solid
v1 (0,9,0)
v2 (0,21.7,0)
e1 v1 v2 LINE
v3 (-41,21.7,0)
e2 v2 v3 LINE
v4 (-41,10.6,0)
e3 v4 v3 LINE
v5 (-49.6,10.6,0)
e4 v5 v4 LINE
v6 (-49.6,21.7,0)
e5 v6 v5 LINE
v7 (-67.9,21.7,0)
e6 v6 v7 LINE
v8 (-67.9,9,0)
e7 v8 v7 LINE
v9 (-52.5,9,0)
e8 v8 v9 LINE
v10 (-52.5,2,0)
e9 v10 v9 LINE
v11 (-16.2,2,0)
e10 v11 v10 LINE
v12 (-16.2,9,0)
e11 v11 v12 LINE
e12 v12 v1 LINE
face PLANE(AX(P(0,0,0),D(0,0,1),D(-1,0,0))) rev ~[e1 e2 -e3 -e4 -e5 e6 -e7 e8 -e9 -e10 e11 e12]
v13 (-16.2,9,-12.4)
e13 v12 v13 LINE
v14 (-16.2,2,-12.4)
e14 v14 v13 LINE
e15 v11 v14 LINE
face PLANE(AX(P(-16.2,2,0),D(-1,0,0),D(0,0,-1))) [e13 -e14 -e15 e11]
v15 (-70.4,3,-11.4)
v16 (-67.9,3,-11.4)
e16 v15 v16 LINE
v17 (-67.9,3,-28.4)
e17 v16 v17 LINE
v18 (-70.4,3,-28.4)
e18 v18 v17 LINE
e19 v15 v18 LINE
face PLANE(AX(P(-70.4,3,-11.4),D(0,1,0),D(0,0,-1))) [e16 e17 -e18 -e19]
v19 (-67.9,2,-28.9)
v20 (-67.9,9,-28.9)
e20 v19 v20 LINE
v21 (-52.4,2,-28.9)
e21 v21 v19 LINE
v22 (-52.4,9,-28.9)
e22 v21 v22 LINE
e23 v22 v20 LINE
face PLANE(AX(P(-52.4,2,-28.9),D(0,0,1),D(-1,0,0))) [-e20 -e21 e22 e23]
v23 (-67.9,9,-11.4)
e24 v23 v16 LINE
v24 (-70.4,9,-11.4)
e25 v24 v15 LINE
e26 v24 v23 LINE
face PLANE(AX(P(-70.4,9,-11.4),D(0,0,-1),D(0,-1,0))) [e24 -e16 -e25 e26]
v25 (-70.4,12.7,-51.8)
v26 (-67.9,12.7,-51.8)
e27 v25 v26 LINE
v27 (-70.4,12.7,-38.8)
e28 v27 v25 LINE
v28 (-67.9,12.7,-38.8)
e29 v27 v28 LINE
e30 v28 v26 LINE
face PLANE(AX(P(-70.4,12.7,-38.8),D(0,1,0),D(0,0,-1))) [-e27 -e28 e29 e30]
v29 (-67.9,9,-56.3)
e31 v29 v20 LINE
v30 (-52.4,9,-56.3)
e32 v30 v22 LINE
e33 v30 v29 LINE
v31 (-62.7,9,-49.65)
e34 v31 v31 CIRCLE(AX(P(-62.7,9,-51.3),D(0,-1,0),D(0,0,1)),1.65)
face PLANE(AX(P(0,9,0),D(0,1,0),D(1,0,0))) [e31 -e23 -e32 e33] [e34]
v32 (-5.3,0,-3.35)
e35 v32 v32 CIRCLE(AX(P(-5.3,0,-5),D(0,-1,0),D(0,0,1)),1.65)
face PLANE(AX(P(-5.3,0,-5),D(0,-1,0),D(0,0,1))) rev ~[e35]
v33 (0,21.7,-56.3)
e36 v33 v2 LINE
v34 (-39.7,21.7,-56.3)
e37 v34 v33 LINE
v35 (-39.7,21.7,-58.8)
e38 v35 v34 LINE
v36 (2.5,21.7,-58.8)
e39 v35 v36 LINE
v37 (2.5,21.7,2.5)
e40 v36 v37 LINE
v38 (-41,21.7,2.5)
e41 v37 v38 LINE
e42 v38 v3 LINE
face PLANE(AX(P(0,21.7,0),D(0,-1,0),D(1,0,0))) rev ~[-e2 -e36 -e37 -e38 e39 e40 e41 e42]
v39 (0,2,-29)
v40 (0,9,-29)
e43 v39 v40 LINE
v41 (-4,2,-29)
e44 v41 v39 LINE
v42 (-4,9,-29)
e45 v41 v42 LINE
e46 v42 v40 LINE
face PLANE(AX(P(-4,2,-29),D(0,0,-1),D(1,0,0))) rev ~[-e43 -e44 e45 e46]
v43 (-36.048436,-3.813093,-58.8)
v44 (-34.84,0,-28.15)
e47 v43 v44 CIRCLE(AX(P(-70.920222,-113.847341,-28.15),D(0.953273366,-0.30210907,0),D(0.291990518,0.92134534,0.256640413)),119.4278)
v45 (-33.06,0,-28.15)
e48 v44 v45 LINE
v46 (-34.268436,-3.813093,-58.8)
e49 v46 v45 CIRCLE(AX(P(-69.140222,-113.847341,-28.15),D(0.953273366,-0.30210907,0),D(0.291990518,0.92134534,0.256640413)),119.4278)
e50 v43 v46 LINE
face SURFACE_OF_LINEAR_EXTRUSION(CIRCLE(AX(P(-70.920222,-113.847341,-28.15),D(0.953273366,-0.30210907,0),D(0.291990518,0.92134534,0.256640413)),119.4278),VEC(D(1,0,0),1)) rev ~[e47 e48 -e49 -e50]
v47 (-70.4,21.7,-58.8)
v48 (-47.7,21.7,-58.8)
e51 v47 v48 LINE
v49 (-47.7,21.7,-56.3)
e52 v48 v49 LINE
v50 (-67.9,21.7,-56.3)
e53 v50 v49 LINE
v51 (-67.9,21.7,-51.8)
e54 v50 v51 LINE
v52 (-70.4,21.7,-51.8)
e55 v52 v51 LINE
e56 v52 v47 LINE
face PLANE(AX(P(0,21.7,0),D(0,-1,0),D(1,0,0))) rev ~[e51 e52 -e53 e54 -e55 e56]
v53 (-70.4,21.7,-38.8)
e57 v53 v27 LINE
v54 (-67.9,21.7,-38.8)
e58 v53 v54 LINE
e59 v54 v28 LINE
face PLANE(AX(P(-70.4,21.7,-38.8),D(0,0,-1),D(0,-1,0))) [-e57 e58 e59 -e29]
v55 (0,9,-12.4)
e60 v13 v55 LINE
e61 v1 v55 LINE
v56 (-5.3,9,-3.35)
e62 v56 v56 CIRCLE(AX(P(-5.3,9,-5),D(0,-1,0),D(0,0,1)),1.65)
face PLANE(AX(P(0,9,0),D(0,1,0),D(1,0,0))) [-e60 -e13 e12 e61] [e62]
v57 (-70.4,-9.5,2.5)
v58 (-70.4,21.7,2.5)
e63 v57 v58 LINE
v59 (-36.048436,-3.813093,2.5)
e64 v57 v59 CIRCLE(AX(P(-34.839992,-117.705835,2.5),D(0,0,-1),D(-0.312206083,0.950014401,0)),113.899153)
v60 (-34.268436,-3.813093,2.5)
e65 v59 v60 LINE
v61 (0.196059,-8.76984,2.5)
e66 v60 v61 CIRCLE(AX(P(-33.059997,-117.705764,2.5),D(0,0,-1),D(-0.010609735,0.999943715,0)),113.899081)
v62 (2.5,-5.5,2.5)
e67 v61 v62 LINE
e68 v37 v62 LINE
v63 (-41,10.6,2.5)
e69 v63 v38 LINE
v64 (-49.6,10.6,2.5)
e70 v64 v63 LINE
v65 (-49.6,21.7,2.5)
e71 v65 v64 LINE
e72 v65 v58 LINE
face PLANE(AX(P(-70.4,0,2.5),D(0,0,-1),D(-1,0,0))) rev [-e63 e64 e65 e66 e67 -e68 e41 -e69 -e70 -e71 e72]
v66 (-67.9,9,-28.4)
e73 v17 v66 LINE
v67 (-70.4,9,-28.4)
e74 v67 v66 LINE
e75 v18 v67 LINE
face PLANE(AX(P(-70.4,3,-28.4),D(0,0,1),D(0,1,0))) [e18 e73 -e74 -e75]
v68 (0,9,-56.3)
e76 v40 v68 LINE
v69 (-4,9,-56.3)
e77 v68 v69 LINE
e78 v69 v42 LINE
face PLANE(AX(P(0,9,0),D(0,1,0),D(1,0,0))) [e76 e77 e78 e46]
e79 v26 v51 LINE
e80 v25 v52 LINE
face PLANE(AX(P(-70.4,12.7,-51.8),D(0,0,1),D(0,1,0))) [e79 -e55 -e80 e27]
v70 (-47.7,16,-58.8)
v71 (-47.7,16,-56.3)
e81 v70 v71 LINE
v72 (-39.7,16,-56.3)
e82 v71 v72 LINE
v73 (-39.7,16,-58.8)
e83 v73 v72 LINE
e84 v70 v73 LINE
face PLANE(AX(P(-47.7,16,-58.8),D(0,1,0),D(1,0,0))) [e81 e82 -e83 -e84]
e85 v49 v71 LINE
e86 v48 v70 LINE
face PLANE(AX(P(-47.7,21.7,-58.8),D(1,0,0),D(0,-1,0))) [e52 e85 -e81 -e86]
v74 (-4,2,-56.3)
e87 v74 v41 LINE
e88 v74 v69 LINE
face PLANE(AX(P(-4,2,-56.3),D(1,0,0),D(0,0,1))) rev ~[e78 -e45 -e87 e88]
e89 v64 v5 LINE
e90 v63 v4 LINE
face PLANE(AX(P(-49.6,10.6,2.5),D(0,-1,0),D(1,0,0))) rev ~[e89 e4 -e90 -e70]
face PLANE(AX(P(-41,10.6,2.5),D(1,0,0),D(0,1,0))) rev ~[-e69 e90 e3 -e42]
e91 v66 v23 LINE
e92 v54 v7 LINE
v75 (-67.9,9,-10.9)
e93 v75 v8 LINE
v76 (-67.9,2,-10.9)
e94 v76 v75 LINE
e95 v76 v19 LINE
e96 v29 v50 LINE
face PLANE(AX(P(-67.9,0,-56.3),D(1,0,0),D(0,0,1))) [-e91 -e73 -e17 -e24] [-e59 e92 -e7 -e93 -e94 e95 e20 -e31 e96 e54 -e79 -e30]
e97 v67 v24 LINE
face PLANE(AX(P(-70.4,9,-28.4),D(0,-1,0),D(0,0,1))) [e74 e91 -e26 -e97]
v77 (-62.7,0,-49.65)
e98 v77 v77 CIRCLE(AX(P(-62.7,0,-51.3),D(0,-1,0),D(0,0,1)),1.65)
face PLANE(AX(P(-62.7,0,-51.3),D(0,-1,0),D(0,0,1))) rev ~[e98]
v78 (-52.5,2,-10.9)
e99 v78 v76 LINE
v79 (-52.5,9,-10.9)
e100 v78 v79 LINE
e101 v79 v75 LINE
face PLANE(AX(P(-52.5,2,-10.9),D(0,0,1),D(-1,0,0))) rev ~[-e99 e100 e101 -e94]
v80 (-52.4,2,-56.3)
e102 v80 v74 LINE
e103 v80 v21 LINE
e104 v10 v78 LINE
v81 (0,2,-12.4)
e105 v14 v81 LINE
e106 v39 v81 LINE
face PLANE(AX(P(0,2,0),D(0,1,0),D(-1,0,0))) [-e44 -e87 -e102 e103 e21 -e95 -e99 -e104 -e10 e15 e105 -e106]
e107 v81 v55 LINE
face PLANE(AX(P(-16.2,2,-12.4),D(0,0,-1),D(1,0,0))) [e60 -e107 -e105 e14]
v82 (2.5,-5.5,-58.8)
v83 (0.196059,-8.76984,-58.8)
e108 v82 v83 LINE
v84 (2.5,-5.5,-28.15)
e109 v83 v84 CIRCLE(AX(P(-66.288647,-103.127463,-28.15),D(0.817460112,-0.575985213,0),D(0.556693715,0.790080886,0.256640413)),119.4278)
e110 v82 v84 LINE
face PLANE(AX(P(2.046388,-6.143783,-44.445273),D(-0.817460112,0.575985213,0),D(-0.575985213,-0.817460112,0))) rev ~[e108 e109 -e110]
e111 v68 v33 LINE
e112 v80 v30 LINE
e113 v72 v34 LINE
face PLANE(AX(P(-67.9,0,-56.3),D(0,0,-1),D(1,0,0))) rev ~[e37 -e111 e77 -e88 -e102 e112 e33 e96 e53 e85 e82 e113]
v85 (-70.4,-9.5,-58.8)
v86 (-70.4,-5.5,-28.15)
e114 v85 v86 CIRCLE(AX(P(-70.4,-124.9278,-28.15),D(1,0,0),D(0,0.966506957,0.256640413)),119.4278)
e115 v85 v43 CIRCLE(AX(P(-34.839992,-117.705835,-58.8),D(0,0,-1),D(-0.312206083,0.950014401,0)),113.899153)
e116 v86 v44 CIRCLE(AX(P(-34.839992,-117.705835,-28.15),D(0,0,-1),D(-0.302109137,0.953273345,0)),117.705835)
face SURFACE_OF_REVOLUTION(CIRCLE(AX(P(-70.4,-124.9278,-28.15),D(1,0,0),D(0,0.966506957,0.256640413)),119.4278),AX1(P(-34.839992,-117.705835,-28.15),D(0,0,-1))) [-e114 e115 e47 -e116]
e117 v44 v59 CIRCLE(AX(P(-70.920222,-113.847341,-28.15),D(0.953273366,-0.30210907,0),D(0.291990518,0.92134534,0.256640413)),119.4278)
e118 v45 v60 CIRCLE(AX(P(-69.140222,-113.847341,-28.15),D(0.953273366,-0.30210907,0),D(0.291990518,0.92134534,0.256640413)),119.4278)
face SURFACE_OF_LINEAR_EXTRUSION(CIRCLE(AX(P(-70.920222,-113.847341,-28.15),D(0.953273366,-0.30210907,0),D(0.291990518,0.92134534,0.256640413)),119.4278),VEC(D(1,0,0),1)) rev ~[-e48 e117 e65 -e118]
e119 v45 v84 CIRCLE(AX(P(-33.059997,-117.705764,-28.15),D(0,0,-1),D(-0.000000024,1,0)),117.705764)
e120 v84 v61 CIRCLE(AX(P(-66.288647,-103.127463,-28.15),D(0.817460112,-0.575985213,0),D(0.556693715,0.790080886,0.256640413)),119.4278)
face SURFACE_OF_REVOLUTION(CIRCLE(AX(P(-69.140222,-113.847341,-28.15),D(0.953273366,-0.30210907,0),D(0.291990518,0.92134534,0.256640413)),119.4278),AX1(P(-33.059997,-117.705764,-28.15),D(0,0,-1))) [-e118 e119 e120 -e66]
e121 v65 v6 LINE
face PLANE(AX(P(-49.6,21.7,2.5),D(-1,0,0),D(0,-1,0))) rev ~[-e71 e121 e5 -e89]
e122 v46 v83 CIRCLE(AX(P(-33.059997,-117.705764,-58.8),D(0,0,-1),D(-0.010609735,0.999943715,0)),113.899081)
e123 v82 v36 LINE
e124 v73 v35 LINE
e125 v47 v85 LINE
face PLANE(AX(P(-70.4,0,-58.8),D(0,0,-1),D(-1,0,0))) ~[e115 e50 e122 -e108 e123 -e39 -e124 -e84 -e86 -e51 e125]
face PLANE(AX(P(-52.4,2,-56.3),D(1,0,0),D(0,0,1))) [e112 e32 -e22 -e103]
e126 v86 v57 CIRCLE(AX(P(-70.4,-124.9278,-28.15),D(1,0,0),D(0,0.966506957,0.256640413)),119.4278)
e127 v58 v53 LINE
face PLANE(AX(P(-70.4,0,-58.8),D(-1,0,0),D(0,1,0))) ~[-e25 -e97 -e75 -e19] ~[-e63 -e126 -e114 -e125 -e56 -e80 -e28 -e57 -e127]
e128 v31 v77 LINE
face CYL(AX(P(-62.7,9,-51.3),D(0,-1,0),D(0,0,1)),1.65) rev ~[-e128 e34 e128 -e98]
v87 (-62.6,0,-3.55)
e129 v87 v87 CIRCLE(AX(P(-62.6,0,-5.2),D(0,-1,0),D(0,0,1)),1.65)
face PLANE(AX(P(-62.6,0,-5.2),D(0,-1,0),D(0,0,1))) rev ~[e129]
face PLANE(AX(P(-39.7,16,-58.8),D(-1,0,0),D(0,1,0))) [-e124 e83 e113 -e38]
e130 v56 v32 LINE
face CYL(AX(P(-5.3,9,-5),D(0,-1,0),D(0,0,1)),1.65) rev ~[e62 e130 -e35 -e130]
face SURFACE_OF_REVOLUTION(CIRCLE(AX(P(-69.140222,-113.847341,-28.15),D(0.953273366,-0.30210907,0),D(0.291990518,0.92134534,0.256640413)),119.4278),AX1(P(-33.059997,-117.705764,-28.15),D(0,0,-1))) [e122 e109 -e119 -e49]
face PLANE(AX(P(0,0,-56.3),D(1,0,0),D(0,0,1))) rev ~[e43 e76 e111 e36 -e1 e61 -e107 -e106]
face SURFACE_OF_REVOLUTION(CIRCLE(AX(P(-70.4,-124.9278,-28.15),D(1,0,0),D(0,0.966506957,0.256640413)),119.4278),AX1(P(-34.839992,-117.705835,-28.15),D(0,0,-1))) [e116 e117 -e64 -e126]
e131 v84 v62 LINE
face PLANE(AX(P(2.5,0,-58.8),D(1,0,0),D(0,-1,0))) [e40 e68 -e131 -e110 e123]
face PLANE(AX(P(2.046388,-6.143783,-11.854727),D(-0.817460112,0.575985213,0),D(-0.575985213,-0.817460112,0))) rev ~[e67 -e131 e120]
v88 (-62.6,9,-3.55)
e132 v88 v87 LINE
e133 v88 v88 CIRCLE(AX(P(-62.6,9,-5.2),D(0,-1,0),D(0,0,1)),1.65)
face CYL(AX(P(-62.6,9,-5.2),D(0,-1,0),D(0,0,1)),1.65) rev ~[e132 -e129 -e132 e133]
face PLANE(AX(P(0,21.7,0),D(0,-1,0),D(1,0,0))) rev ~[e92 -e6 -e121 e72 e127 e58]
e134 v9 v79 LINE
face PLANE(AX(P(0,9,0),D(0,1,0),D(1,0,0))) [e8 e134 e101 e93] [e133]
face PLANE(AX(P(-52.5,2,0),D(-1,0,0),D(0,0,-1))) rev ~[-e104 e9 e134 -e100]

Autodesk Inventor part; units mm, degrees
ref_plane "YZ Plane" through (0, 0, 0) normal (1, 0, 0) x (0, 1, 0)
ref_plane "XZ Plane" through (0, 0, 0) normal (0, 1, 0) x (-1, 0, 0)
sketch "Sketch1" plane through (0, 0, 0) normal (0, 1, 0) x (-1, 0, 0)
  line L0 (0, 0) -> (67.9, 0)
  line L1 (67.9, 0) -> (67.9, -56.3)
  line L2 (67.9, -56.3) -> (0, -56.3)
  line L3 (0, -56.3) -> (0, 0)
  dimension "d4" = 67.9
  dimension "d5" = 56.3
extrude "Extrusion1" add sketch "Sketch1" along normal blind 2
sketch "Sketch4" plane through (0, 0, 0) normal (0, -1, 0) x (1, 0, 0)
  line L0 (2.5, 2.5) -> (-70.4, 2.5)
  line L1 (-70.4, 2.5) -> (-70.4, -58.8)
  line L2 (-70.4, -58.8) -> (2.5, -58.8)
  line L3 (2.5, -58.8) -> (2.5, 2.5)
  line L4 (0, -56.3) -> (0, 0) projected
  line L5 (0, 0) -> (-67.9, 0) projected
  line L6 (-67.9, -56.3) -> (0, -56.3) projected
  line L7 (-67.9, -56.3) -> (-67.9, 0) projected
  line L8 (0, 0) -> (-67.9, 0)
  line L9 (-67.9, 0) -> (-67.9, -56.3)
  line L10 (-67.9, -56.3) -> (0, -56.3)
  line L11 (0, -56.3) -> (0, 0)
  point P0 (-67.7799, -40.4535)
  point P1 (-67.7799, -17.6706)
  dimension "d35" = 2.5
  dimension "d36" = 2.5
  dimension "d37" = 2.5
  dimension "d38" = 2.5
extrude "Extrusion3" add sketch "Sketch4" against normal blind 21.7
sketch "Sketch5" plane through (2.5, 0, -58.8) normal (0, 0, -1) x (-1, 0, 0)
  line L0 (0, 0) -> (0, -5.5)
  line L1 (0, 0) -> (35.56, 0)
  line L2 (0, 0) -> (72.9, 0) projected
  arc A0 (35.56, 0) -> (0, -5.5) centre (35.56, -117.7058) ccw
  line L3 (72.9, 0) -> (0, 0) projected
  point P0 (2.5, 0)
  dimension "d41" = 5.5
  dimension "d42" = 35.56
extrude "Extrusion4" add sketch "Sketch5" against normal up to surface (61.3 mm away)
ref_plane "Work Plane1" through (-33.95, 21.7, 2.5) normal (1, 0, 0) x (0, 0, -1)
mirror "Mirror1" about plane through (-33.95, 21.7, 2.5) normal (1, 0, 0) of "Extrusion4"
sketch "Sketch11" plane through (0, 2, 0) normal (0, 1, 0) x (1, 0, 0)
  line L0 (-67.9, 0) -> (0, 0) projected
  line L1 (0, 0) -> (0, 56.3) projected
  line L2 (0, 56.3) -> (-67.9, 56.3) projected
  line L3 (-67.9, 56.3) -> (-67.9, 0) projected
  line L4 (-67.9, 0) -> (-52.5, 0)
  line L5 (-52.5, 0) -> (-52.5, 10.9)
  line L6 (-52.5, 10.9) -> (-67.9, 10.9)
  line L7 (-67.9, 10.9) -> (-67.9, 0)
  line L8 (-67.9, 56.3) -> (-52.4, 56.3)
  line L9 (-52.4, 56.3) -> (-52.4, 28.9)
  line L10 (-52.4, 28.9) -> (-67.9, 28.9)
  line L11 (-67.9, 28.9) -> (-67.9, 56.3)
  line L12 (0, 0) -> (-16.2, 0)
  line L13 (-16.2, 0) -> (-16.2, 12.4)
  line L14 (-16.2, 12.4) -> (0, 12.4)
  line L15 (0, 12.4) -> (0, 0)
  line L16 (0, 0) -> (0, 56.3) projected
  line L17 (0, 56.3) -> (-4, 56.3)
  line L18 (-4, 56.3) -> (-4, 29)
  line L19 (-4, 29) -> (0, 29)
  line L20 (0, 29) -> (0, 56.3)
  dimension "d89" = 15.4
  dimension "d90" = 10.9
  dimension "d91" = 15.5
  dimension "d92" = 27.4
  dimension "d93" = 16.2
  dimension "d94" = 12.4
  dimension "d95" = 4
  dimension "d96" = 27.3
extrude "Extrusion7" add sketch "Sketch11" along normal blind 7 contours L3 L6 L5 L0 | L13 L14 L1 L0 | L3 L2 L9 L10 | L19 L18 L2 L1
sketch "Sketch12" plane through (0, 9, 0) normal (0, 1, 0) x (1, 0, 0)
  line L0 (0, 0) -> (-67.9, 0) projected
  line L1 (-67.9, 0) -> (-67.9, 56.3) projected
  line L2 (-67.9, 56.3) -> (0, 56.3) projected
  line L3 (0, 56.3) -> (0, 0) projected
  point P0 (-62.6, 5.2)
  point P1 (-5.3, 5)
  point P2 (-62.7, 51.3)
  dimension "d99" = 5.2
  dimension "d100" = 5.3
  dimension "d101" = 5.2
  dimension "d102" = 5
  dimension "d103" = 5
  dimension "d104" = 5.3
hole "Hole6" at (-62.6, 9, -5.2) at (-5.3, 9, -5) at (-62.7, 9, -51.3) direction (0, -1, 0) diameter 3.3 depth 9
sketch "Sketch13" plane through (-70.4, 0, 2.5) normal (0, 0, 1) x (1, 0, 0)
  line L0 (17.9, 9) -> (2.5, 9) projected
  line L1 (70.4, 9) -> (54.2, 9) projected
  line L2 (20.8, 10.6) -> (29.4, 10.6)
  line L3 (29.4, 10.6) -> (29.4, 21.7)
  line L4 (29.4, 21.7) -> (20.8, 21.7)
  line L5 (20.8, 21.7) -> (20.8, 10.6)
  line L6 (0, 21.7) -> (72.9, 21.7) projected
  point P0 (70.4, 0)
  point P1 (2.5, 21.7)
  dimension "d112" = 1.6
  dimension "d113" = 18.3
  dimension "d114" = 8.6
extrude "Extrusion8" cut sketch "Sketch13" against normal up to surface (2.5 mm away)
sketch "Sketch14" plane through (-70.4, 0, -58.8) normal (-1, 0, 0) x (0, 0, 1)
  line L0 (5.85, 9) -> (9.15, 9) projected
  line L1 (29.9, 9) -> (2.5, 9) projected
  line L2 (29.9, 9) -> (2.5, 9) projected
  line L3 (58.8, 9) -> (47.9, 9) projected
  line L4 (51.95, 9) -> (55.25, 9) projected
  line L5 (58.8, 9) -> (47.9, 9) projected
  line L6 (58.8, 9) -> (47.9, 9) projected
  line L7 (30.4, 9) -> (47.4, 9)
  line L8 (47.4, 9) -> (47.4, 3)
  line L9 (47.4, 3) -> (30.4, 3)
  line L10 (30.4, 3) -> (30.4, 9)
  point P0 (58.8, 0)
  dimension "d118" = 11.4
  dimension "d119" = 17
  dimension "d120" = 6
extrude "Extrusion9" cut sketch "Sketch14" against normal up to surface (2.5 mm away)
sketch "Sketch15" plane through (2.5, 0, -58.8) normal (0, 0, -1) x (-1, 0, 0)
  line L0 (63.55, 9) -> (66.85, 9) projected
  line L1 (70.4, 9) -> (54.9, 9) projected
  line L2 (70.4, 9) -> (54.9, 9) projected
  line L3 (6.5, 9) -> (2.5, 9) projected
  line L4 (6.5, 9) -> (2.5, 9) projected
  line L5 (50.2, 21.7) -> (50.2, 16)
  line L6 (50.2, 16) -> (42.2, 16)
  line L7 (42.2, 16) -> (42.2, 21.7)
  line L8 (37.34, 0) -> (35.56, 0) projected
  line L9 (72.9, 21.7) -> (72.9, -5.5) projected
  line L10 (0, 21.7) -> (72.9, 21.7) projected
  line L11 (0, 21.7) -> (0, -5.5) projected
  arc A0 (35.56, 0) -> (0, -5.5) centre (35.56, -117.7058) ccw projected
  arc A1 (72.9, -5.5) -> (37.34, 0) centre (37.34, -117.7058) ccw projected
  line L12 (54.9, 2) -> (70.4, 2) projected
  line L13 (70.4, 2) -> (55, 2) projected
  line L14 (55, 2) -> (18.7, 2) projected
  line L15 (18.7, 2) -> (2.5, 2) projected
  line L16 (2.5, 2) -> (6.5, 2) projected
  line L17 (6.5, 2) -> (54.9, 2) projected
  line L18 (6.15, 9) -> (9.45, 9) projected
  line L19 (2.5, 9) -> (18.7, 9) projected
  line L20 (2.5, 9) -> (18.7, 9) projected
  point P0 (2.5, 0)
  dimension "d124" = 39.7
  dimension "d126" = 7
  dimension "d127" = 8
extrude "Extrusion10" cut sketch "Sketch15" against normal up to surface (2.5 mm away) contours L5 L6 L7 L10
sketch "Sketch16" plane through (-70.4, 21.7, -58.8) normal (-1, 0, 0) x (0, 0, 1)
  line L0 (0, -21.7) -> (61.3, -21.7) projected
  line L1 (0, -27.2) -> (0, -21.7) projected
  line L2 (61.3, 0) -> (61.3, -27.2) projected
  line L3 (0, -27.2) -> (61.3, -27.2) projected
  arc A0 (61.3, -31.2) -> (0, -31.2) centre (30.65, -146.6278) ccw
  line L4 (0, -27.2) -> (61.3, -27.2) projected
  line L5 (0, -31.2) -> (0, -27.2)
  line L6 (61.3, -27.2) -> (61.3, -31.2)
  point P0 (58.8, -21.7)
  point P1 (30.65, -26.2)
  dimension "d134" = 4
  dimension "d136" = 4
sketch3d "3D Sketch1"
  arc A0 (-70.4, -5.5, -58.8) -> (-34.84, 0, -58.8) centre (-34.84, -117.7058, -58.8) ccw
  line L0 (-34.84, 0, -58.8) -> (-33.06, 0, -58.8)
  arc A1 (-33.06, 0, -58.8) -> (2.5, -5.5, -58.8) centre (-33.06, -117.7058, -58.8) ccw
sweep "Sweep1" add profiles "Sketch16" path "3D Sketch1" contours L3 A0 L5 | L6 A0 L3
sketch "Sketch17" plane through (-70.4, 21.7, -58.8) normal (-1, 0, 0) x (0, 0, 1)
  line L0 (30.4, -12.7) -> (47.4, -12.7) projected
  line L1 (47.4, -12.7) -> (47.4, -18.7) projected
  line L2 (47.4, -18.7) -> (30.4, -18.7) projected
  line L3 (30.4, -18.7) -> (30.4, -12.7) projected
  line L4 (61.3, 0) -> (61.3, -31.2) projected
  line L5 (0, 0) -> (61.3, 0) projected
  line L6 (0, 0) -> (0, -31.2) projected
  arc A0 (61.3, -31.2) -> (0, -31.2) centre (30.65, -146.6278) ccw projected
  line L7 (2.5, 0) -> (58.8, 0) projected
  line L8 (7, 0) -> (20, 0)
  line L9 (20, 0) -> (20, -9)
  line L10 (20, -9) -> (7, -9)
  line L11 (7, -9) -> (7, 0)
  point P0 (58.8, -21.7)
  dimension "d139" = 13
  dimension "d140" = 9
  dimension "d141" = 7
extrude "Extrusion11" cut sketch "Sketch17" against normal up to surface (2.5 mm away) contours L9 L10 L11 L5
sketch "Sketch18" plane through (-67.9, 9, 0) normal (1, 0, 0) x (0, 0, -1)
  line L0 (51.8, 12.7) -> (51.8, 3.7) projected
  line L1 (51.8, 3.7) -> (38.8, 3.7) projected
  line L2 (38.8, 3.7) -> (38.8, 12.7) projected
  line L3 (0, 12.7) -> (38.8, 12.7) projected
  line L4 (0, 0) -> (0, 12.7) projected
  line L5 (0, 0) -> (10.9, 0) projected
  line L6 (10.9, 0) -> (10.9, -7) projected
  line L7 (28.9, -7) -> (10.9, -7) projected
  line L8 (28.9, -7) -> (28.9, 0) projected
  line L9 (28.9, 0) -> (56.3, 0) projected
  line L10 (56.3, 0) -> (56.3, 12.7) projected
  line L11 (51.8, 12.7) -> (56.3, 12.7) projected
  line L12 (11.4, 0) -> (28.4, 0) projected
  line L13 (28.4, 0) -> (28.4, -6) projected
  line L14 (28.4, -6) -> (11.4, -6) projected
  line L15 (11.4, -6) -> (11.4, 0) projected
  line L16 (10.9, 3.7) -> (45.4, 3.7)
  line L17 (45.4, 3.7) -> (45.4, 1.7)
  line L18 (45.4, 1.7) -> (10.9, 1.7)
  line L19 (10.9, 1.7) -> (10.9, 3.7)
  line L20 (51.8, 3.7) -> (38.8, 3.7) projected
  line L21 (10.9, 0) -> (10.9, -7) projected
  point P0 (0, -9)
  dimension "d145" = 1.7
  dimension "d147" = 10.9
properties part number "Base"
